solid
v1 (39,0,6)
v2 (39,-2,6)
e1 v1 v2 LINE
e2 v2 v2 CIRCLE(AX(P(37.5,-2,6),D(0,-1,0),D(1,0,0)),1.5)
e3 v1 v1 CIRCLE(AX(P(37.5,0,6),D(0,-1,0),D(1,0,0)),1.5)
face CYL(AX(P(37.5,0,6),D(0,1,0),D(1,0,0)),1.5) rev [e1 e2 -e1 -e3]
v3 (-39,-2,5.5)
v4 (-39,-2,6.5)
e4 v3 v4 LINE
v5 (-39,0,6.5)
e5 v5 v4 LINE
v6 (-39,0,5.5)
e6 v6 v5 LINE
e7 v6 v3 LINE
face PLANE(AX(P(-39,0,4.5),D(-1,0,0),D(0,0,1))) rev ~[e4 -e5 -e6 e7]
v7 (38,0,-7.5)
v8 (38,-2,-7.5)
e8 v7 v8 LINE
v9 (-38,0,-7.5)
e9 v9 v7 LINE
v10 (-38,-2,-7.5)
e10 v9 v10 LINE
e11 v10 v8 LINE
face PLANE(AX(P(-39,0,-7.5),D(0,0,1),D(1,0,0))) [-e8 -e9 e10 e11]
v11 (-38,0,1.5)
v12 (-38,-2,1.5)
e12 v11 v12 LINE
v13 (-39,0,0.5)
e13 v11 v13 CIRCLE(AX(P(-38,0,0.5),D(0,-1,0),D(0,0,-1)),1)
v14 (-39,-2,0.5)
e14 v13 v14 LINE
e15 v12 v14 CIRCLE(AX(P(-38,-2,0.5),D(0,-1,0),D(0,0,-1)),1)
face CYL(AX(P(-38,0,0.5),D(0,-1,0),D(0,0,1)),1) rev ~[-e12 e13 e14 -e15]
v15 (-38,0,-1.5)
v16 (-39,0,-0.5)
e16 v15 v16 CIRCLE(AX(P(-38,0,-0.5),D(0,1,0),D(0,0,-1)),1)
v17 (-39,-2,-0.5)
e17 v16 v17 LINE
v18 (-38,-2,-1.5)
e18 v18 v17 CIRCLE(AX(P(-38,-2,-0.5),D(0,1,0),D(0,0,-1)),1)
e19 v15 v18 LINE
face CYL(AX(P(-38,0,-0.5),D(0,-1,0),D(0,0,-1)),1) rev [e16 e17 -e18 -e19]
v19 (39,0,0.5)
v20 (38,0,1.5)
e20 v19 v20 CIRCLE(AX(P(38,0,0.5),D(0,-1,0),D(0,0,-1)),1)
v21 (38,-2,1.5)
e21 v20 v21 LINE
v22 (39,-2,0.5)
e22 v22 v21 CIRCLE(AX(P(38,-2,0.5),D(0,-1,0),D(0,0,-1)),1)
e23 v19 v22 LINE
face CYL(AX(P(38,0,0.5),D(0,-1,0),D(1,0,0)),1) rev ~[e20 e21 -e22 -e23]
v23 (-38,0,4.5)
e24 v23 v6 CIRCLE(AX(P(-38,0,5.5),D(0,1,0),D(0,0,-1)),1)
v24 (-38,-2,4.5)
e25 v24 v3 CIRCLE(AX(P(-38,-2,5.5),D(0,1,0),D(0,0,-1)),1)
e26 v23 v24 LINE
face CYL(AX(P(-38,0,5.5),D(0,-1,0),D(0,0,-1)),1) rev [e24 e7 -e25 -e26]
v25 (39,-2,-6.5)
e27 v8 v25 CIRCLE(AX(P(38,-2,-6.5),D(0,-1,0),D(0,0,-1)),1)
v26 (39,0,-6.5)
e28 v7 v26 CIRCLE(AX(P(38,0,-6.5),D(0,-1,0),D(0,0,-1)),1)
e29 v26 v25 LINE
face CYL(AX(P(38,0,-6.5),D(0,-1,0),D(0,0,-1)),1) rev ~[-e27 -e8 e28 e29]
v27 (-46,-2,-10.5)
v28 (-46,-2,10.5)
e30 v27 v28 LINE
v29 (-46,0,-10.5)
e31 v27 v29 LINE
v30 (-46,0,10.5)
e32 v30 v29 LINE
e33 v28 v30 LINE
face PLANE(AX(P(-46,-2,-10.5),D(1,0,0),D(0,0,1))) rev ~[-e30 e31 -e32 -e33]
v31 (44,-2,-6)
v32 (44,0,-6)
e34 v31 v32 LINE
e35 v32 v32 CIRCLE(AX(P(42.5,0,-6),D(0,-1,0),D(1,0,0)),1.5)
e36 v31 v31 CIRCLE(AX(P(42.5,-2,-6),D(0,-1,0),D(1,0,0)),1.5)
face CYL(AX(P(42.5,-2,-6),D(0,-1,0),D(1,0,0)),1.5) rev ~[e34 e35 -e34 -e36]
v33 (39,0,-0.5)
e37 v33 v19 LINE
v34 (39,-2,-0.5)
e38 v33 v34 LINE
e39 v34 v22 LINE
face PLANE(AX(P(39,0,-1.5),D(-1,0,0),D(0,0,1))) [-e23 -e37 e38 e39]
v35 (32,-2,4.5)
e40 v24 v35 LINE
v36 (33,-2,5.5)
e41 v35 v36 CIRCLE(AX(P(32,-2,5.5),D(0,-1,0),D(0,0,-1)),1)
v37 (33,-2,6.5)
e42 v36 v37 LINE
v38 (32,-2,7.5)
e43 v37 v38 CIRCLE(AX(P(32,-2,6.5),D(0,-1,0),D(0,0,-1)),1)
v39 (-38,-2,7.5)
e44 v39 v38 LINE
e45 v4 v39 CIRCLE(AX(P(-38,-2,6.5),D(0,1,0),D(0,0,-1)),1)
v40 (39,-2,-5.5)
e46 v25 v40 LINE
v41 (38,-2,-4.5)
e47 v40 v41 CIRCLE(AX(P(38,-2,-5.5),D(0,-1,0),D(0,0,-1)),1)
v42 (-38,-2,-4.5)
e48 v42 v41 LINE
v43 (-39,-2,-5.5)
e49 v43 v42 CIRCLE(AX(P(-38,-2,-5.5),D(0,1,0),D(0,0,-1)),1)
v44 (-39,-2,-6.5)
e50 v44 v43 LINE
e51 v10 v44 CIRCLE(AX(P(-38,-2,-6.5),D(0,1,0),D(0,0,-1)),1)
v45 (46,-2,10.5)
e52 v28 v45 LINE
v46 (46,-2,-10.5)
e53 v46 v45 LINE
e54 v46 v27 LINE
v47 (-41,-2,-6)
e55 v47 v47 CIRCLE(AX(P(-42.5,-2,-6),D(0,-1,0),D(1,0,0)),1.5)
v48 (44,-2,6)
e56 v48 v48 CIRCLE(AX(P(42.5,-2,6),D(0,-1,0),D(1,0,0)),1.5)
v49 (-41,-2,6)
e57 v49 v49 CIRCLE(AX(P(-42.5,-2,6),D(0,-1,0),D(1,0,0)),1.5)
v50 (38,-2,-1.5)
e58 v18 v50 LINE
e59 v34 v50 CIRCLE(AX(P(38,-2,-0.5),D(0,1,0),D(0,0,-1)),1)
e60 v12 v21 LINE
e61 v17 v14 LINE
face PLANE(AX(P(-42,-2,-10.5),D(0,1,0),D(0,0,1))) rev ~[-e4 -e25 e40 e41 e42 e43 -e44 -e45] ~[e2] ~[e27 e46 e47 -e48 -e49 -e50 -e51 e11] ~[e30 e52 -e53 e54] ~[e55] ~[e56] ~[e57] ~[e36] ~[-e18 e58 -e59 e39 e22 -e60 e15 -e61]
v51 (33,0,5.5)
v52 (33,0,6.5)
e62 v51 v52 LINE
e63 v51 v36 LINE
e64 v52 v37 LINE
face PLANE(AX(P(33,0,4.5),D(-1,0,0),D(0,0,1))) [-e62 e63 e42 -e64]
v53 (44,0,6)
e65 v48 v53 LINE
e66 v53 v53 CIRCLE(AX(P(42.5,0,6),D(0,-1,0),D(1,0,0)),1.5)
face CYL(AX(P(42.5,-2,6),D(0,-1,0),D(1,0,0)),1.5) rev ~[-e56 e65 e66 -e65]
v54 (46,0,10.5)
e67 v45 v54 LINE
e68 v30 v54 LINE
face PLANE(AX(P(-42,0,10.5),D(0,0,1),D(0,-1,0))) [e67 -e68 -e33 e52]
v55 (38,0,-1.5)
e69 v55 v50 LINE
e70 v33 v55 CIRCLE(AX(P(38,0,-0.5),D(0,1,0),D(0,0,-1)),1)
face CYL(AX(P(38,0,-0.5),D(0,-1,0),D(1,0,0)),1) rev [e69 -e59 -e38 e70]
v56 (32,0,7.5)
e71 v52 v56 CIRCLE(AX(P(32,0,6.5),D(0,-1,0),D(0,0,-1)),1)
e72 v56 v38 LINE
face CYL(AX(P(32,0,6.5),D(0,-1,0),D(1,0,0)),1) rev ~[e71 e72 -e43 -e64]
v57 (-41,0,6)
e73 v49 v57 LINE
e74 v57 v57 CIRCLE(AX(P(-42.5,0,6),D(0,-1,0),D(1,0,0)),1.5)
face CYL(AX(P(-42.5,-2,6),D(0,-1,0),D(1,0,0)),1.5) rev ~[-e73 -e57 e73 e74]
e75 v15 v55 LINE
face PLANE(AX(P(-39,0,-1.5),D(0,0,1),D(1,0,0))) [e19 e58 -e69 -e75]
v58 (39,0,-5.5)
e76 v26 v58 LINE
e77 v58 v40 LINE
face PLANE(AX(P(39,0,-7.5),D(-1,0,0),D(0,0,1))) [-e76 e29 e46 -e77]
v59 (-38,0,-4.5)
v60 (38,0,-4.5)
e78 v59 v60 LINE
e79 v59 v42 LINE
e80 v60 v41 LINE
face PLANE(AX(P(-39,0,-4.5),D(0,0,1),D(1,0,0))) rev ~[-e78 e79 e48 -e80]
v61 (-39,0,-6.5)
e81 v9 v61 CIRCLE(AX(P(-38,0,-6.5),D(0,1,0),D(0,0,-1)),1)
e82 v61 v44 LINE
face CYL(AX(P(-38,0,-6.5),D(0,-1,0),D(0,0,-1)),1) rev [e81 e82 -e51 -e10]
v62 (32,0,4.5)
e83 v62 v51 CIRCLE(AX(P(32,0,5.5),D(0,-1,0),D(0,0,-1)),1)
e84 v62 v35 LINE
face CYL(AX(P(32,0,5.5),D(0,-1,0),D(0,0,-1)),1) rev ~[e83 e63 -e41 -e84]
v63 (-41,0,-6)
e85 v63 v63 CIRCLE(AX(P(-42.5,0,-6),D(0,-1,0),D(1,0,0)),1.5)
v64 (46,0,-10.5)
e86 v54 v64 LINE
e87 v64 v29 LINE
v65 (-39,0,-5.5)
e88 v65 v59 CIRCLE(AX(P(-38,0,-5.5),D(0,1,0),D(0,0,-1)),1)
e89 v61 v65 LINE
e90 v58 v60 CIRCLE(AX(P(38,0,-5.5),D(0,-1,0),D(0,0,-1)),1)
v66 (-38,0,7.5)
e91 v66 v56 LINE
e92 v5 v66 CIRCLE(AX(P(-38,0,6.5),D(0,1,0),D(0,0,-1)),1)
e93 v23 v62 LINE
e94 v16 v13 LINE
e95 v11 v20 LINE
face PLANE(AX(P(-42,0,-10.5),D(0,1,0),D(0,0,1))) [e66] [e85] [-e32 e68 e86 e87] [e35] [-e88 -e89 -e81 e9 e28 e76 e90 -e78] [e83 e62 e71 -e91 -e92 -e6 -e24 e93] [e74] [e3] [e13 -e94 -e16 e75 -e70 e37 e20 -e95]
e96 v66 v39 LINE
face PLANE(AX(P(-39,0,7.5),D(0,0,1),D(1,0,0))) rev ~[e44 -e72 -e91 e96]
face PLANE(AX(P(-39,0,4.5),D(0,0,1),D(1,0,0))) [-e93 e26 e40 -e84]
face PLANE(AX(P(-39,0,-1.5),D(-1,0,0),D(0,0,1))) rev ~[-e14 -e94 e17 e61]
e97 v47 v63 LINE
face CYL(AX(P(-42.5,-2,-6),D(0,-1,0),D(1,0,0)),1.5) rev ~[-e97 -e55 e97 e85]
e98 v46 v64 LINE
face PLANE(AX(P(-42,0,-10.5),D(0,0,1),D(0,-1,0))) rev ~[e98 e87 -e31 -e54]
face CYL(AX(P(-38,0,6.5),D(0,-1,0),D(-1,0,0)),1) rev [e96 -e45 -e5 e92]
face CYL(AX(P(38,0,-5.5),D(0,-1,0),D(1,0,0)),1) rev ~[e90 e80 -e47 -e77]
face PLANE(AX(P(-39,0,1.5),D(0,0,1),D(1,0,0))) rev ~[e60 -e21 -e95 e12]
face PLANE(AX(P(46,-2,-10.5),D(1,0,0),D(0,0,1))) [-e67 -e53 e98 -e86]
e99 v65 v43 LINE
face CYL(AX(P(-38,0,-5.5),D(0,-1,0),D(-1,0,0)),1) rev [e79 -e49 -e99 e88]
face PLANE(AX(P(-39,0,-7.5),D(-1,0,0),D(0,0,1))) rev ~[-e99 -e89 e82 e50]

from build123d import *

# Parameters (mm, degrees)
F0_W      = 84
F0_H      = 21
F0_W_2    = 78
F0_H_2    = 3
F0_W_3    = 72
F0_R      = 1.5
F1_DEPTH  = 2
F2_W      = 2
F2_H      = 21
F3_DEPTH  = 5
F4_W      = 2
F4_H      = 21
F5_DEPTH  = 5
F6_R      = 1.5
F7_DEPTH  = 25
F8_R      = 1
F9_W      = 1
F9_H      = 21
F10_DEPTH = 25


with BuildPart() as f1:
    # F0 (on Front) → F1 (new body)
    with BuildSketch(Plane.XZ):
        Rectangle(F0_W, F0_H)
        with Locations((0, -6)):
            Rectangle(F0_W_2, F0_H_2, mode=Mode.SUBTRACT)
        with Locations((-3, 6)):
            Rectangle(F0_W_3, F0_H_2, mode=Mode.SUBTRACT)
        Rectangle(F0_W_2, F0_H_2, mode=Mode.SUBTRACT)
        with Locations((37.5, 6)):
            Circle(F0_R, mode=Mode.SUBTRACT)
    extrude(amount=F1_DEPTH)

    # F2 (on face) → F3 (join)
    with BuildSketch(Plane.YZ.offset(42)):
        with Locations((-1, 0)):
            Rectangle(F2_W, F2_H)
    extrude(amount=F3_DEPTH)

    # F4 (on face) → F5 (join)
    with BuildSketch(Plane(origin=(-42, 0, 0), x_dir=(0, -1, 0), z_dir=(-1, 0, 0))):
        with Locations((1, 0)):
            Rectangle(F4_W, F4_H)
    extrude(amount=F5_DEPTH)

    # F6 (on face) → F7 (cut)
    with BuildSketch(Plane.XZ.offset(2)):
        with Locations((-42.5, 6)):
            Circle(F6_R)
        with Locations((-42.5, -6)):
            Circle(F6_R)
        with Locations((42.5, 6)):
            Circle(F6_R)
        with Locations((42.5, -6)):
            Circle(F6_R)
    extrude(amount=-F7_DEPTH, mode=Mode.SUBTRACT)

    # F8
    f8_edges = [f1.edges().sort_by_distance(p)[0] for p in [
        (-39, -1, 7.5),
        (-39, -1, 1.5),
        (-39, -1, -4.5),
        (-39, -1, 4.5),
        (-39, -1, -1.5),
        (-39, -1, -7.5),
        (33, -1, 7.5),
        (39, -1, 1.5),
        (39, -1, -4.5),
        (39, -1, -7.5),
        (39, -1, -1.5),
        (33, -1, 4.5),
    ]]
    fillet(f8_edges, radius=F8_R)

    # F9 (on face) → F10 (cut)
    with BuildSketch(Plane.XZ.offset(2)):
        with Locations((-46.5, 0)):
            Rectangle(F9_W, F9_H)
        with Locations((46.5, 0)):
            Rectangle(F9_W, F9_H)
    extrude(amount=-F10_DEPTH, mode=Mode.SUBTRACT)


solid = f1.part
